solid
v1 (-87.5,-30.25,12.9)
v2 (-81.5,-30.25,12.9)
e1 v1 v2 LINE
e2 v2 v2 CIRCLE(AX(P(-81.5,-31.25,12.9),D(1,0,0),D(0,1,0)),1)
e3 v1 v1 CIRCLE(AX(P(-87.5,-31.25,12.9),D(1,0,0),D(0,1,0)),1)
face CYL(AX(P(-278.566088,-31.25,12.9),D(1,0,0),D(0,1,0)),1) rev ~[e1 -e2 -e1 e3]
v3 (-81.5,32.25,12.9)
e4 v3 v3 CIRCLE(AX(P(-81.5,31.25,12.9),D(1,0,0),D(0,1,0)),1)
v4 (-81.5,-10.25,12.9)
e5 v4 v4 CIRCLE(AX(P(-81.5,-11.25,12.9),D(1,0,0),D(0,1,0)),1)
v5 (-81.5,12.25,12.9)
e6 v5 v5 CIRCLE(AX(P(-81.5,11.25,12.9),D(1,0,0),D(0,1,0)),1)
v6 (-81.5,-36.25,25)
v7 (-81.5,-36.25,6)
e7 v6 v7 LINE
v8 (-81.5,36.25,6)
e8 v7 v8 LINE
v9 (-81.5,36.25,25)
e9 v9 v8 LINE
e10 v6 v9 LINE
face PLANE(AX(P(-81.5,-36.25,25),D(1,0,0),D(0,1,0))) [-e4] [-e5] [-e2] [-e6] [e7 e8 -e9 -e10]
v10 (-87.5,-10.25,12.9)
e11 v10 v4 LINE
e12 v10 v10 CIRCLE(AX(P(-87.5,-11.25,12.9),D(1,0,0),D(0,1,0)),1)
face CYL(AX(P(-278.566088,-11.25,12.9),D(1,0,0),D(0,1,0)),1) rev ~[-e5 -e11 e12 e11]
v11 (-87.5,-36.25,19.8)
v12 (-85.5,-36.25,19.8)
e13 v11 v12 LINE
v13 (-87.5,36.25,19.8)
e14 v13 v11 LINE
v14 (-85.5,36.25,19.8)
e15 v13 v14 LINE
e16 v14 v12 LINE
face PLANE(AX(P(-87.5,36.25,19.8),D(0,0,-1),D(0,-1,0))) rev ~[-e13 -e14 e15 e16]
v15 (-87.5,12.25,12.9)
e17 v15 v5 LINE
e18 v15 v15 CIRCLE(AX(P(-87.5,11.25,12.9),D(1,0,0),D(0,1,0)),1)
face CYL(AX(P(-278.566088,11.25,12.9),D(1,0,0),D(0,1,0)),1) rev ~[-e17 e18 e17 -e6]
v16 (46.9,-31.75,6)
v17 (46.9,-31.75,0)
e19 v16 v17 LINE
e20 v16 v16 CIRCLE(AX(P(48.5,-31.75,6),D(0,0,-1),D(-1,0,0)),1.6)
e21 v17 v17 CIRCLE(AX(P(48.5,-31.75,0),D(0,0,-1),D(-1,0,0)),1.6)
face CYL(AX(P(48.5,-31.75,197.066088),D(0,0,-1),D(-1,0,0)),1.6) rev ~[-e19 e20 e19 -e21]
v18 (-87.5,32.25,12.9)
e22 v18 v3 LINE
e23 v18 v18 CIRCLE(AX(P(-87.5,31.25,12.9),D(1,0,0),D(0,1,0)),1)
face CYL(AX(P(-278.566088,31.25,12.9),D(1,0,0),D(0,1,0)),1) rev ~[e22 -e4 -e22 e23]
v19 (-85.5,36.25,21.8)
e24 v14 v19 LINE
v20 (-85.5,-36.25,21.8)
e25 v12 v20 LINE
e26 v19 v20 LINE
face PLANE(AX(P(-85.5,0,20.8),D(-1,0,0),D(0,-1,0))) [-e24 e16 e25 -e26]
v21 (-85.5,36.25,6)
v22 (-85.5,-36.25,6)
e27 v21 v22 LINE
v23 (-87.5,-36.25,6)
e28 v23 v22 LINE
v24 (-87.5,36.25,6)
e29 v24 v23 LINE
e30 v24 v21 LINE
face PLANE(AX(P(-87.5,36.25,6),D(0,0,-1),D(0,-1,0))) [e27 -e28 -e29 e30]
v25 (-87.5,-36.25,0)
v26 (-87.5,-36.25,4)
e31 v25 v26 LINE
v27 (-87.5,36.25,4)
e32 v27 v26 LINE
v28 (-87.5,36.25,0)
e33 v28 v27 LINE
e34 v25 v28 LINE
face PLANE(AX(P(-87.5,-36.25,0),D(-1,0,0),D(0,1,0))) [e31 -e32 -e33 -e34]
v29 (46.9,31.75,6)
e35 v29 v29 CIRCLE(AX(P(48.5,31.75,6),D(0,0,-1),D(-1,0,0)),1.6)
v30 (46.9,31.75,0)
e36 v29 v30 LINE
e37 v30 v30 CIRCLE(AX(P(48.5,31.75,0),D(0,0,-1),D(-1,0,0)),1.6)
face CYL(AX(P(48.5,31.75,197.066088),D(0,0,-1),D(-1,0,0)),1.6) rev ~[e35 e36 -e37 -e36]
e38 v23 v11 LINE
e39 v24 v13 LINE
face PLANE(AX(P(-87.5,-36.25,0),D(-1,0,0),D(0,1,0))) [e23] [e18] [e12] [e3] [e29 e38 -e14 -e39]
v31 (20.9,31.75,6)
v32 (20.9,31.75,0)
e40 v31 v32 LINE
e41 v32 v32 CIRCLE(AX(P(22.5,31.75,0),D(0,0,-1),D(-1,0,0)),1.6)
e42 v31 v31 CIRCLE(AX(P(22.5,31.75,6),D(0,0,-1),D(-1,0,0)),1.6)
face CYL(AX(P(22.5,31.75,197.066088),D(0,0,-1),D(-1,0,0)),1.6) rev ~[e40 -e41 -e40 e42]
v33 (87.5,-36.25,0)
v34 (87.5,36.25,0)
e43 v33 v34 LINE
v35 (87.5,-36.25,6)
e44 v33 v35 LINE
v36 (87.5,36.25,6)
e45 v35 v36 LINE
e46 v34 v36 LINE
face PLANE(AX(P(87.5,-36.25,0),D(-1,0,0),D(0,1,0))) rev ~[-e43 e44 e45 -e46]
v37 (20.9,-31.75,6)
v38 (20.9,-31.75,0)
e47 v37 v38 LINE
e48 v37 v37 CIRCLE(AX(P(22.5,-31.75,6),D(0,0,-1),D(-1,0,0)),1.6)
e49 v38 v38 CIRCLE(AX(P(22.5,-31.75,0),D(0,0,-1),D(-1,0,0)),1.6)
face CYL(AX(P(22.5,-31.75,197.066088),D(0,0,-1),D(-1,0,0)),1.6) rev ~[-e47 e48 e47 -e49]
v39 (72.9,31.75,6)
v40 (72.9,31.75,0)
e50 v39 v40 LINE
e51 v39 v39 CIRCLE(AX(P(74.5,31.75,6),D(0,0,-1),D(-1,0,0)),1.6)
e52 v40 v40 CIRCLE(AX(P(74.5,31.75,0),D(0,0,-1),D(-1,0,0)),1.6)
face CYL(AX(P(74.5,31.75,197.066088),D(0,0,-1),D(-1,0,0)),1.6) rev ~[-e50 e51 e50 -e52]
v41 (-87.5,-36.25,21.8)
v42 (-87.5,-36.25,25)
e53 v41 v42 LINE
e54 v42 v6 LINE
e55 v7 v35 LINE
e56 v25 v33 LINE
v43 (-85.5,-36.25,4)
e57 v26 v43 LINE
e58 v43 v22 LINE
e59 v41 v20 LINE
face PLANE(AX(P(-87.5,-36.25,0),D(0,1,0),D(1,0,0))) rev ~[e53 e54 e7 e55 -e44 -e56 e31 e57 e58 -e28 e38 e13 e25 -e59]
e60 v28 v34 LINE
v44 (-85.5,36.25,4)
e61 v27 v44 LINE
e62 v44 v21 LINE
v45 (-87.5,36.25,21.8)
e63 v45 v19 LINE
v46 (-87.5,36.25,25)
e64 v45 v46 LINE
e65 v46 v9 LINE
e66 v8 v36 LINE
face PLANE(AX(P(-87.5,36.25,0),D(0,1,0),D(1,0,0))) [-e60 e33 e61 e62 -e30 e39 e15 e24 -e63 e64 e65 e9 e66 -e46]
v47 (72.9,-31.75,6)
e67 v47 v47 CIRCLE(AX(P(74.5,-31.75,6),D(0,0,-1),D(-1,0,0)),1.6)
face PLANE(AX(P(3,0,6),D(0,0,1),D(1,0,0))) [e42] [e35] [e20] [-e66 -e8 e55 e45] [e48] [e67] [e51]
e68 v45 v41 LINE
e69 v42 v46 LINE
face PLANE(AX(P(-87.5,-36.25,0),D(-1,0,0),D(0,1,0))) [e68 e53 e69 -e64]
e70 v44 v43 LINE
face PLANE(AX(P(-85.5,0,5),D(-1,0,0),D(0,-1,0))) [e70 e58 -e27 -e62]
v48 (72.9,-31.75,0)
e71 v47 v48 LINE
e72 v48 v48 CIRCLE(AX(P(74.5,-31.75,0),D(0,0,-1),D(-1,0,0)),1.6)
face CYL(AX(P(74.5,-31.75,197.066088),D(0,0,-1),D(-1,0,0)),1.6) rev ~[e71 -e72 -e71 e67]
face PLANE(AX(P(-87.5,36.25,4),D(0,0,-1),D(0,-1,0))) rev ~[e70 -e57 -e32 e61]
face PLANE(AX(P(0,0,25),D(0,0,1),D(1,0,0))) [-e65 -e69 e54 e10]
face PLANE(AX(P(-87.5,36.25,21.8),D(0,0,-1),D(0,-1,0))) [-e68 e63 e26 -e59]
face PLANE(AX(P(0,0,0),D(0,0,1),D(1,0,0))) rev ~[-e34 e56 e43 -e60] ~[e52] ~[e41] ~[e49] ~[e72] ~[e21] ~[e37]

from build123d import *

# Parameters (mm, degrees)
F0_W     = 175
F0_H     = 72.5
F1_DEPTH = 25
F2_W     = 169
F2_H     = 72.5
F3_DEPTH = 19
F5_D     = 3.2
F6_W     = 72.5
F6_H     = 2
F7_DEPTH = 2
F9_D     = 2


with BuildPart() as f1:
    # F0 (on Top) → F1 (new body)
    with BuildSketch(Plane.XY):
        Rectangle(F0_W, F0_H)
    extrude(amount=F1_DEPTH)

    # F2 (on face) → F3 (cut)
    with BuildSketch(Plane.XY.offset(25)):
        with Locations((3, 0)):
            Rectangle(F2_W, F2_H)
    extrude(amount=-F3_DEPTH, mode=Mode.SUBTRACT)

    # F5 (through all)
    with Locations(Plane.XY.offset(6)):
        with Locations((22.5, 31.75), (48.5, 31.75), (74.5, 31.75), (74.5, -31.75), (48.5, -31.75), (22.5, -31.75)):
            Hole(F5_D / 2)

    # F6 (on face) → F7 (cut)
    with BuildSketch(Plane(origin=(-87.5, 0, 0), x_dir=(0, -1, 0), z_dir=(-1, 0, 0))):
        with Locations((0, 5)):
            Rectangle(F6_W, F6_H)
        with Locations((0, 20.8)):
            Rectangle(F6_W, F6_H)
    extrude(amount=-F7_DEPTH, mode=Mode.SUBTRACT)

    # F9 (through all)
    with Locations(Plane(origin=(-87.5, 0, 0), x_dir=(0, -1, 0), z_dir=(-1, 0, 0))):
        with Locations((-31.25, 12.9), (-11.25, 12.9), (11.25, 12.9), (31.25, 12.9)):
            Hole(F9_D / 2)


solid = f1.part
